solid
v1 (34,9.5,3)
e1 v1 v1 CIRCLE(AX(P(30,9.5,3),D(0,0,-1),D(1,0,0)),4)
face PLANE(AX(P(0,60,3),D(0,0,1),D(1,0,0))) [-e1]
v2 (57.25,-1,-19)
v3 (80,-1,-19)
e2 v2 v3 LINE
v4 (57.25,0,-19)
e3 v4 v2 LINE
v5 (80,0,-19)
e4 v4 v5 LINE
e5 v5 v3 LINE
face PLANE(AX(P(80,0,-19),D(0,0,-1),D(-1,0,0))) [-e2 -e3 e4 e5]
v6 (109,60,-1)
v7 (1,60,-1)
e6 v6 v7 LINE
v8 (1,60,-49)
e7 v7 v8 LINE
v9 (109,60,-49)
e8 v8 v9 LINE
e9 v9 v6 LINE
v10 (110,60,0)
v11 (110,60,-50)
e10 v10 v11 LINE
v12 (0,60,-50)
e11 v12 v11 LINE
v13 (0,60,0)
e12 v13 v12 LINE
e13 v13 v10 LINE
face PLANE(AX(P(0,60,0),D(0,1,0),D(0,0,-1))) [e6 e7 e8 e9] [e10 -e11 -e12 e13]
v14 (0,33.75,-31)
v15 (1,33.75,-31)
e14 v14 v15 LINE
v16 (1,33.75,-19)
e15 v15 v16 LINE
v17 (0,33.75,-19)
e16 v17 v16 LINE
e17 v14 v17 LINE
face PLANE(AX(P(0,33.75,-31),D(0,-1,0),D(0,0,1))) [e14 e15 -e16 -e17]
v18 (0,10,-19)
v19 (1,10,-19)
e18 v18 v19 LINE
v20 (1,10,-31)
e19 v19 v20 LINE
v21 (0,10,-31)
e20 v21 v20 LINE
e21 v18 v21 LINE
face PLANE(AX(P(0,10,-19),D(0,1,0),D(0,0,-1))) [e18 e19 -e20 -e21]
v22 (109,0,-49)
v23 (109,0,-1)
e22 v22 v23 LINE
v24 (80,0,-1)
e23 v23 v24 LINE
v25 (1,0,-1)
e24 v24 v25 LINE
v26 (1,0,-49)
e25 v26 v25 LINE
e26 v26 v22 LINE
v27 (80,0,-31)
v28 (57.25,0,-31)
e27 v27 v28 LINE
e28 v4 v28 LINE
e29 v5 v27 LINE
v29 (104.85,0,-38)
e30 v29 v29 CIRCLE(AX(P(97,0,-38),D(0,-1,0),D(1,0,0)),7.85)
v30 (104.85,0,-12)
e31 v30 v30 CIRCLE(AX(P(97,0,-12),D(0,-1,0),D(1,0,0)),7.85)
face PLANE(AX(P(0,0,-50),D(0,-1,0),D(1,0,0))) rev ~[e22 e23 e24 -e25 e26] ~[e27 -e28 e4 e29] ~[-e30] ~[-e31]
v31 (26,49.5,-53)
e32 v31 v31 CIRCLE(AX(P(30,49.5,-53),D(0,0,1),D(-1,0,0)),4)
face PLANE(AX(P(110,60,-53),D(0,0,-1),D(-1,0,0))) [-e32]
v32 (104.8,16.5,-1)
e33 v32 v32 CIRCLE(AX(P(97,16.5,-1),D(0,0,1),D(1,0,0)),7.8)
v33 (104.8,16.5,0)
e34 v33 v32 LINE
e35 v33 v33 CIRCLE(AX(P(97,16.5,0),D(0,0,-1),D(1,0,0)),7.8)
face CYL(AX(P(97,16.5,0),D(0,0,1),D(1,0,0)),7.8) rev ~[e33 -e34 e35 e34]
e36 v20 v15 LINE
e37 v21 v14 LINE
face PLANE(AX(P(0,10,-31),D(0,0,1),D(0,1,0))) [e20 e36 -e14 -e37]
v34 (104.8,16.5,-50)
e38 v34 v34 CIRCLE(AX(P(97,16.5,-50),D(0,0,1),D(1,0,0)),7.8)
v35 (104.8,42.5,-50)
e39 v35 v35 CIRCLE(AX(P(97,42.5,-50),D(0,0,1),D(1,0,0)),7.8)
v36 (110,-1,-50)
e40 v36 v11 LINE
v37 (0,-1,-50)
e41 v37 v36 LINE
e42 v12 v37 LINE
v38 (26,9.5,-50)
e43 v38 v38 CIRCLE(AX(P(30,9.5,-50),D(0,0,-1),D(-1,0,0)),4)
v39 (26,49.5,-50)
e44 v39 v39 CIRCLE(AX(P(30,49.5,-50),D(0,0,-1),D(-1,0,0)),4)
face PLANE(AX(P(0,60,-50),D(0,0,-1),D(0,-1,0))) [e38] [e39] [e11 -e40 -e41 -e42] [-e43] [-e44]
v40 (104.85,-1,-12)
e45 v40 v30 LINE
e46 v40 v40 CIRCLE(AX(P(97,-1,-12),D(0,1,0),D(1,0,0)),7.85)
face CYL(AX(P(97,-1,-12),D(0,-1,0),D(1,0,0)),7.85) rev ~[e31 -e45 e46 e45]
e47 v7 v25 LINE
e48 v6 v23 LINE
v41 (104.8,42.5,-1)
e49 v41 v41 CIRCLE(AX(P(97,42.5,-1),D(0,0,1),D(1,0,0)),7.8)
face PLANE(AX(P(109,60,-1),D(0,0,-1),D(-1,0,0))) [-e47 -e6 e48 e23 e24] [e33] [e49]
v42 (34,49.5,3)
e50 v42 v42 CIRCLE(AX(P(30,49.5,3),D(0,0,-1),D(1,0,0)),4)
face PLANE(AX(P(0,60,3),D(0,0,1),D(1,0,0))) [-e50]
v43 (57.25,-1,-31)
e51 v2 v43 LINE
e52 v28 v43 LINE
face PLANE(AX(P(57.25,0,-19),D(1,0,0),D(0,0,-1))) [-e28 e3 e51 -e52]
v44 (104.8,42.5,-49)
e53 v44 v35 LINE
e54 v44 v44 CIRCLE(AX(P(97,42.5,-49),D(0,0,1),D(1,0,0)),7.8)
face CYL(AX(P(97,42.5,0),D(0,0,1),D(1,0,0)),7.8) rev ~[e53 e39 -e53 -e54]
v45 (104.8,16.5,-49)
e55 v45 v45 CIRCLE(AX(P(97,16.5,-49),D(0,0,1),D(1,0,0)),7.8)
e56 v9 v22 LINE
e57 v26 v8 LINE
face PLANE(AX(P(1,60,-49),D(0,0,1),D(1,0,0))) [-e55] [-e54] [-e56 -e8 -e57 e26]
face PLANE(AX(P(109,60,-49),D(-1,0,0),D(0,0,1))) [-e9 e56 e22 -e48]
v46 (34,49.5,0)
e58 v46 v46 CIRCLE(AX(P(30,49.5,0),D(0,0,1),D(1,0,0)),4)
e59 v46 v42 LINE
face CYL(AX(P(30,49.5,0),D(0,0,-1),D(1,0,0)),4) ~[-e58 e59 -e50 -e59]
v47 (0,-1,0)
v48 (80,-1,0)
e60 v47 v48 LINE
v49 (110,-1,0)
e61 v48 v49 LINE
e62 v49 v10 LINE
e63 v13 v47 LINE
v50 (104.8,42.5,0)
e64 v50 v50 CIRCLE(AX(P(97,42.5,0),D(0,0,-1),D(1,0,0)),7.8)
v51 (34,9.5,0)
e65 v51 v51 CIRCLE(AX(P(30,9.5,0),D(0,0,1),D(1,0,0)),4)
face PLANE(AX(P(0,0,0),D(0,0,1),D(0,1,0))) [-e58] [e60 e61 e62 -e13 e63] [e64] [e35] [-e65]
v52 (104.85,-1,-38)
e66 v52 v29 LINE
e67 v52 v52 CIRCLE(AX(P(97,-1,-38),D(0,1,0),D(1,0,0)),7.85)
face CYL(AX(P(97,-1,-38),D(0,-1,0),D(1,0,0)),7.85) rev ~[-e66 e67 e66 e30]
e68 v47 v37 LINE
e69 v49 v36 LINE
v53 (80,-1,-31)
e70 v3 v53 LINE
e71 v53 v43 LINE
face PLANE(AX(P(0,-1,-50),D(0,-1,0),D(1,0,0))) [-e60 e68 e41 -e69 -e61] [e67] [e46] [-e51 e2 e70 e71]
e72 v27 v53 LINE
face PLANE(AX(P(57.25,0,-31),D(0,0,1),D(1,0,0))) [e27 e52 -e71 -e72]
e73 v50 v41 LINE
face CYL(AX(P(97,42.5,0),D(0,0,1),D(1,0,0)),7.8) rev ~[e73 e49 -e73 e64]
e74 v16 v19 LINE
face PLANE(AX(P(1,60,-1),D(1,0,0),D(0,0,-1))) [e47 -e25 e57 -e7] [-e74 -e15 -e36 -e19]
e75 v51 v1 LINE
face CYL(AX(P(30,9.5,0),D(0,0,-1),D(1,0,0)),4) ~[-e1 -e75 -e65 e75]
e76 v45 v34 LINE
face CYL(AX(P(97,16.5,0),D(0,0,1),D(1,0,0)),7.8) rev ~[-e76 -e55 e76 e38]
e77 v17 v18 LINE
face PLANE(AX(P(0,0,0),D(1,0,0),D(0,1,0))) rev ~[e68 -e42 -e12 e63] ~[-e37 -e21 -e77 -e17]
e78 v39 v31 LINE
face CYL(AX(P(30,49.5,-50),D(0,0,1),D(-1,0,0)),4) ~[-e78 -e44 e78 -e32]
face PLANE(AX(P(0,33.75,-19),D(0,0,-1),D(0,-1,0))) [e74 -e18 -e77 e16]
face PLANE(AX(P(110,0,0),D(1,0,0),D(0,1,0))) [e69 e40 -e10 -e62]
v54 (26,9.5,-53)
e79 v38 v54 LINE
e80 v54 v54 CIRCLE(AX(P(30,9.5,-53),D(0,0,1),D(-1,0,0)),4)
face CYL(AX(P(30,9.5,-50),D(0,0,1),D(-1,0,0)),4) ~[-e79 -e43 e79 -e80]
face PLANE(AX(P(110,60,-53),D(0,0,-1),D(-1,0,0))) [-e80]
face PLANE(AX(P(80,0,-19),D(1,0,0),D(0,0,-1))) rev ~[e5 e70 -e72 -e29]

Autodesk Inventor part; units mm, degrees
ref_plane "YZ Plane" through (0, 0, 0) normal (1, 0, 0) x (0, 1, 0)
ref_plane "XZ Plane" through (0, 0, 0) normal (0, 1, 0) x (-1, 0, 0)
ref_plane "XY Plane" through (0, 0, 0) normal (0, 0, 1) x (1, 0, 0)
sketch "Esquisse1" plane through (0, 0, 0) normal (1, 0, 0) x (0, 1, 0)
  line L0 (0, 0) -> (60, 0)
  line L1 (60, 0) -> (60, -50)
  line L2 (60, -50) -> (0, -50)
  line L3 (0, -50) -> (0, 0)
  dimension "d0" = 60
  dimension "d1" = 50
extrude "Extrusion1" add sketch "Esquisse1" along normal blind 110
shell "Coque1" thickness 1 removed faces 1 at (36.6667, 0, -33.3333)
sketch "Esquisse2" plane through (0, 0, -50) normal (0, -1, 0) x (1, 0, 0)
  line L0 (0, 50) -> (110, 50) projected
  line L1 (110, 0) -> (110, 50) projected
  line L2 (110, 50) -> (110, 0)
  line L3 (110, 25) -> (110, 19)
  line L4 (110, 25) -> (110, 31)
  line L5 (0, 50) -> (0, 0) projected
  line L6 (84, 19) -> (61.25, 19)
  line L7 (84, 31) -> (61.25, 31)
  line L8 (110, 50) -> (0, 50)
  line L9 (0, 50) -> (0, 0)
  line L10 (0, 0) -> (110, 0) projected
  line L11 (0, 0) -> (110, 0)
  line L12 (109, 49) -> (109, 1) projected
  line L13 (110, 31) -> (110, 19)
  line L14 (110, 50) -> (110, 0) projected
  line L15 (61.25, 31) -> (57.25, 31)
  line L16 (57.25, 31) -> (57.25, 19)
  line L17 (82.25, 19) -> (86.25, 19)
  line L18 (109, 31) -> (105, 31)
  line L19 (80, 31) -> (80, 19)
  line L20 (1, 49) -> (109, 49) projected
  line L21 (57.25, 19) -> (61.25, 19)
  line L22 (110, 50) -> (80, 50)
  line L23 (0, 50) -> (110, 50) projected
  line L24 (80, 31) -> (80, 50)
  dimension "d5" = 6
  dimension "d6" = 6
  dimension "d7" = 48.75
  dimension "d50" = 4
  dimension "d67" = 30
extrude "Extrusion2" add sketch "Esquisse2" along normal blind 1
sketch "Esquisse3" plane through (0, 0, 0) normal (-1, 0, 0) x (0, 0, 1)
  line L0 (0, 0) -> (-19, 0)
  line L1 (-19, 0) -> (-19, 10)
  line L2 (-19, 10) -> (-31, 10)
  line L3 (-31, 10) -> (-31, 33.75)
  line L4 (-31, 33.75) -> (-19, 33.75)
  line L5 (-19, 33.75) -> (-19, 10)
  dimension "d10" = 10
  dimension "d11" = 12
  dimension "d12" = 23.75
extrude "Extrusion3" cut sketch "Esquisse3" against normal blind 1
sketch "Esquisse4" plane through (110, 60, -50) normal (0, 0, -1) x (-1, 0, 0)
  line L0 (110, -61) -> (110, 0) projected
  line L1 (110, -61) -> (100, -61)
  line L2 (0, -61) -> (110, -61) projected
  line L3 (110, 0) -> (0, 0) projected
  circle A0 centre (80, -50.5) radius 4
  line L4 (110, 0) -> (0, 0) projected
  circle A1 centre (80, -10.5) radius 4
  line L5 (110, 0) -> (80, 0)
  line L6 (80, -10.5) -> (80, -50.5)
  line L7 (80, -50.5) -> (80, -61)
  point P0 (110, -60)
  dimension "d15" = 10
  dimension "d28" = 8
  dimension "d48" = 8
  dimension "d65" = 30
  dimension "d69" = 40
  dimension "d70" = 10.5
extrude "Extrusion4" add sketch "Esquisse4" along normal blind 3
sketch "Esquisse8" plane through (0, 60, 0) normal (0, 0, 1) x (1, 0, 0)
  circle A0 centre (30, -10.5) radius 4
  line L0 (110, -61) -> (0, -61) projected
  circle A1 centre (30, -50.5) radius 4 projected
  circle A2 centre (30, -50.5) radius 4
  line L1 (30, -21.5) -> (30, -14.5)
  line L2 (30, -44.5) -> (30, -46.5)
  line L3 (0, -61) -> (0, 0) projected
  line L4 (0, 0) -> (30, 0)
  line L5 (0, 0) -> (110, 0) projected
  line L6 (30, -50.5) -> (30, -10.5)
  line L7 (1, -1) -> (109, -1) projected
  line L8 (30, -10.5) -> (30, 0)
  line L9 (30, -50.5) -> (30, -61)
  point P0 (0, -60)
  point P1 (30, -6.5)
  dimension "d74" = 8
  dimension "d40" = 8
  dimension "d66" = 30
  dimension "d73" = 40
extrude "Extrusion8" add sketch "Esquisse8" along normal blind 3 contours L6 L8 A0 | A0 L8 L6 | L6 L9 A1 | A1 L9 L6
sketch "Esquisse6" plane through (0, 60, 0) normal (0, 1, 0) x (1, 0, 0)
  line L0 (1, 49) -> (109, 49) projected
  line L1 (1, 1) -> (1, 49)
  line L2 (1, 49) -> (109, 49)
  line L3 (109, 49) -> (109, 1)
  line L4 (109, 1) -> (1, 1)
  line L5 (110, 0) -> (0, 0) projected
extrude "Extrusion6" cut sketch "Esquisse6" against normal blind 10
sketch "Esquisse12" plane through (0, 60, 0) normal (0, 0, 1) x (1, 0, 0)
  line L0 (110, 0) -> (110, -61) projected
  line L1 (110, 0) -> (97, 0)
  line L2 (1, 0) -> (109, 0) projected
  line L3 (97, 0) -> (97, -17.5)
  circle A0 centre (97, -17.5) radius 7.8
  line L4 (97, -17.5) -> (97, -43.5)
  circle A1 centre (97, -43.5) radius 7.8
  point P0 (0, -60)
  dimension "d51" = 13
  dimension "d52" = 17.5
  dimension "d53" = 15.6
  dimension "d54" = 26
  dimension "d55" = 15.6
extrude "Extrusion9" cut sketch "Esquisse12" against normal through all
sketch "Esquisse13" plane through (0, -1, -50) normal (0, -1, 0) x (1, 0, 0)
  line L0 (0, 0) -> (110, 0) projected
  line L1 (110, 0) -> (97, 0)
  line L2 (97, 0) -> (97, 12)
  line L3 (97, 12) -> (97, 38)
  line L4 (97, 38) -> (97, 50)
  circle A0 centre (97, 38) radius 7.85
  circle A1 centre (97, 12) radius 7.85
  point P0 (0, 50)
  dimension "d58" = 13
  dimension "d59" = 12
  dimension "d60" = 26
  dimension "d61" = 15.7
  dimension "d62" = 15.7
extrude "Extrusion10" cut sketch "Esquisse13" against normal blind 10
properties part number "Torse"
